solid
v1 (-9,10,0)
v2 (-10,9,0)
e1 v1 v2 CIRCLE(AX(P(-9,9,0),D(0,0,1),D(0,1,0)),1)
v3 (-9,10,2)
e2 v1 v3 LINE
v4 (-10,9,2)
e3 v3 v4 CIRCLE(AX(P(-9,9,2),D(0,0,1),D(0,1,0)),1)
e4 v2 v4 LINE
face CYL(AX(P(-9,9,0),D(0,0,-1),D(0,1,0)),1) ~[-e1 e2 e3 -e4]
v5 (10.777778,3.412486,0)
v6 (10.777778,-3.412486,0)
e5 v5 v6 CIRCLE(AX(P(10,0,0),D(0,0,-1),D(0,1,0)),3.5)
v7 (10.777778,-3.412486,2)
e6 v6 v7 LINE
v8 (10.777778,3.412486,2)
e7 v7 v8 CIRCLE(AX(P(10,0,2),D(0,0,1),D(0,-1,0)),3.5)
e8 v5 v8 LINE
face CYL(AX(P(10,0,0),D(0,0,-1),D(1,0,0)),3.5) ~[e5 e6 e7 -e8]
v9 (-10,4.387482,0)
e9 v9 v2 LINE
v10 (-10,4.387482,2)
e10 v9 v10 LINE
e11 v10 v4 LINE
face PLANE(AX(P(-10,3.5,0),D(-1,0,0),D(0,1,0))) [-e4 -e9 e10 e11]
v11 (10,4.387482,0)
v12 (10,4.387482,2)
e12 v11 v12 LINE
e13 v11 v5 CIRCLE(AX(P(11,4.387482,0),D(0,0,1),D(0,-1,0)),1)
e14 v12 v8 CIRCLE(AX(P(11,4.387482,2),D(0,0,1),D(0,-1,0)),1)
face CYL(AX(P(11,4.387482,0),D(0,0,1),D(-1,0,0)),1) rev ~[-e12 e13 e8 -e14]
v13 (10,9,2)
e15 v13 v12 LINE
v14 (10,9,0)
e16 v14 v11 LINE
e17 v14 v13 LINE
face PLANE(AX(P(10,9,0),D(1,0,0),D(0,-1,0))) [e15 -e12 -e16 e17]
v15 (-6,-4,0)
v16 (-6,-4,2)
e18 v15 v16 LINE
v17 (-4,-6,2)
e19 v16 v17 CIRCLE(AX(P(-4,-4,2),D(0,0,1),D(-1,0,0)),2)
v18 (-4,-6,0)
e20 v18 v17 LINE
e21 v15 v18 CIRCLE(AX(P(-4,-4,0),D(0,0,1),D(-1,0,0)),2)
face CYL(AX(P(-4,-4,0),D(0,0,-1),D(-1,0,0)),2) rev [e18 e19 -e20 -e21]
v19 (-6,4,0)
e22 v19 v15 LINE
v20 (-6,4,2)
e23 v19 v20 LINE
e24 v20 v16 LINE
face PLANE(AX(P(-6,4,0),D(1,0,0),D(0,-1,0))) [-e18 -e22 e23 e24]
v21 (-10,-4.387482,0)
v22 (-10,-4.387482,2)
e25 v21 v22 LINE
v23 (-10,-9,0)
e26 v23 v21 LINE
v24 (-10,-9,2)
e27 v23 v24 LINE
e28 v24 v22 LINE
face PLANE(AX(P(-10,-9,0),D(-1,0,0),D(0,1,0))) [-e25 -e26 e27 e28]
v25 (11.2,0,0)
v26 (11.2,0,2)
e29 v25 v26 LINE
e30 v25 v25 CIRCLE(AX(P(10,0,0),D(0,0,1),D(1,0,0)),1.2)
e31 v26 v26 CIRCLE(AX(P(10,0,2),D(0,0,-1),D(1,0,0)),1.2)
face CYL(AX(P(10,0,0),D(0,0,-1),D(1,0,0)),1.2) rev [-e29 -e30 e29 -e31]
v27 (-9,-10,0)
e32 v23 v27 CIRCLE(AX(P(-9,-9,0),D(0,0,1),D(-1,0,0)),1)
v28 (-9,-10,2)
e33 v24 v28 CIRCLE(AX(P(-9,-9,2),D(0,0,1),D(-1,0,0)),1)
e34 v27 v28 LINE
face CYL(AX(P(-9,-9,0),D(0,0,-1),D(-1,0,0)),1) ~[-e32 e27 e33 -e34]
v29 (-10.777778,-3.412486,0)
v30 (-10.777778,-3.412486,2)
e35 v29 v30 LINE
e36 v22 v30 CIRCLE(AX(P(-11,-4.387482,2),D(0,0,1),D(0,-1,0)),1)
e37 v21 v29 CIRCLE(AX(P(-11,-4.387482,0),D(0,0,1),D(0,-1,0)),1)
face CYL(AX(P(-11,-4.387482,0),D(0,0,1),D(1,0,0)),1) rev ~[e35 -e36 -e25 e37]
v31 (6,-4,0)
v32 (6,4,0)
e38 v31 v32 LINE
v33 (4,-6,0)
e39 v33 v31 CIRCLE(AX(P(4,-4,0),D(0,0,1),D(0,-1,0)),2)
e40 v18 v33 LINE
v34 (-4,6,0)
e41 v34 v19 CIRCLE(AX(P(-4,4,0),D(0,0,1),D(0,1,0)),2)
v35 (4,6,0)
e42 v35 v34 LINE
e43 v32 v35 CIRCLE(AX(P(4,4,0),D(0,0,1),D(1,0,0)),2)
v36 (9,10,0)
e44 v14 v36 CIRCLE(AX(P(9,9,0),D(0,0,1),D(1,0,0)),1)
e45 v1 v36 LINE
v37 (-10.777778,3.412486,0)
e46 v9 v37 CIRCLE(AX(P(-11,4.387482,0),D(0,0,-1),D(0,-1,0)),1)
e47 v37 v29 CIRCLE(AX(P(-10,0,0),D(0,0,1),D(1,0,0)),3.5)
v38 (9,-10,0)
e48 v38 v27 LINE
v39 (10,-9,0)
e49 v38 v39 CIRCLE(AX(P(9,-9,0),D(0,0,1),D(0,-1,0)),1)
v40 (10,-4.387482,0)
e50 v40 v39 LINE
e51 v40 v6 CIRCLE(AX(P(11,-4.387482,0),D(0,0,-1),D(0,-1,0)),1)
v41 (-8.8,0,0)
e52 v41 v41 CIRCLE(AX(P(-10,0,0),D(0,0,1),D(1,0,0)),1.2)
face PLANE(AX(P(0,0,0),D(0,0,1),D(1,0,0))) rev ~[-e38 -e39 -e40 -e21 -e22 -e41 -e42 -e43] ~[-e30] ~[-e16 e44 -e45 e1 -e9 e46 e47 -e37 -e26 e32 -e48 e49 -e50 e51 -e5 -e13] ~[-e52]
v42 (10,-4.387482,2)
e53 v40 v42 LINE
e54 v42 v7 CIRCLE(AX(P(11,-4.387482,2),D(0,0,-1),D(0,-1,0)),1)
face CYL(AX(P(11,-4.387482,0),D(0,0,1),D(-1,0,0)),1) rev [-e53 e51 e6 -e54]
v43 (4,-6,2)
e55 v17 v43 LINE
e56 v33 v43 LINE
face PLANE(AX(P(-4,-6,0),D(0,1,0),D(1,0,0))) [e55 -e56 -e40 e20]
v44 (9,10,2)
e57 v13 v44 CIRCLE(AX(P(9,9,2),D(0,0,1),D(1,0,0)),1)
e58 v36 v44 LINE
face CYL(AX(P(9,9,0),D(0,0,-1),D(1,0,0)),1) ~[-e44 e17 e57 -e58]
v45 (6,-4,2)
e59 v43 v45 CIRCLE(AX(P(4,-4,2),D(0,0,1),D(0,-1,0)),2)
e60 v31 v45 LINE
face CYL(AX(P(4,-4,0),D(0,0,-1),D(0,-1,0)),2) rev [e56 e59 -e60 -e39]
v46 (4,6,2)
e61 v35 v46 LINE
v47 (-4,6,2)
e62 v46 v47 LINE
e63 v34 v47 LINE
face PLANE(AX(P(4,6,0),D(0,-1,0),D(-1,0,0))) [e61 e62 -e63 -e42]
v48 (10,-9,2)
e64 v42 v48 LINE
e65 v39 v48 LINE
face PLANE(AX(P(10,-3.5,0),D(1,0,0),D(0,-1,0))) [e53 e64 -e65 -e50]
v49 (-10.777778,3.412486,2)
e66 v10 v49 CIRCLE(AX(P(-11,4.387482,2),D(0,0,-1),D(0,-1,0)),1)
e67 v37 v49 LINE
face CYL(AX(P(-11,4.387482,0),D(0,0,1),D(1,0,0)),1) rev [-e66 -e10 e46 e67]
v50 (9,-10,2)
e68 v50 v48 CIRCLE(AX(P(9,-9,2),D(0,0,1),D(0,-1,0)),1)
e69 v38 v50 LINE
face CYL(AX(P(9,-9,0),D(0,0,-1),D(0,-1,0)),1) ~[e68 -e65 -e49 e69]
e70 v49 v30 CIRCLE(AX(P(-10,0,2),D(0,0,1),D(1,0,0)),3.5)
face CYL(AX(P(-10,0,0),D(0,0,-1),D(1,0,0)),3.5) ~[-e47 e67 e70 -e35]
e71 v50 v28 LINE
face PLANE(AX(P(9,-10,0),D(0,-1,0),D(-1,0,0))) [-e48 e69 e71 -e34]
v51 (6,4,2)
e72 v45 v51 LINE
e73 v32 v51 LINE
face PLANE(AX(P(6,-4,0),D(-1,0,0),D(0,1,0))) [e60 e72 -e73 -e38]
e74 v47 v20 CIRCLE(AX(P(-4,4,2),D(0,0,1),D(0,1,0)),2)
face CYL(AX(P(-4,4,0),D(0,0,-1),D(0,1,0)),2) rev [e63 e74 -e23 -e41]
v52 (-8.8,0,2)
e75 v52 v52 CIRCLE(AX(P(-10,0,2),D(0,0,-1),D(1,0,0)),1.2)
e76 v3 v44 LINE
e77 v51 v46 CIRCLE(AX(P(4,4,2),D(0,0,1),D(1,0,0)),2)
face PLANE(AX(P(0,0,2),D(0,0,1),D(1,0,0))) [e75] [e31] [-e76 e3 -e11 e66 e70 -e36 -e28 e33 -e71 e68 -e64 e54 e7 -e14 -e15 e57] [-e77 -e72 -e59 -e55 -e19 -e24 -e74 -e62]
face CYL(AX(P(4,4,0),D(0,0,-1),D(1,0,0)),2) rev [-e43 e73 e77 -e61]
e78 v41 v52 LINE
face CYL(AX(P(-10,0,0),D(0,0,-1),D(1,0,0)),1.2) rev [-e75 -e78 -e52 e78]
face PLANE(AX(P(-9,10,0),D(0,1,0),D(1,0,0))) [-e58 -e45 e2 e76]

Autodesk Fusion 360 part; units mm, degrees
sketch "Sketch1" plane through (0, 0, 0) normal (0, 0, 1) x (1, 0, 0)
  line L0 (4, 6) -> (-4, 6)
  line L1 (-6, 4) -> (-6, -4)
  line L2 (-4, -6) -> (4, -6)
  line L3 (6, -4) -> (6, 4)
  line L4 (6, 6) -> (-6, -6) construction
  line L5 (-6, 6) -> (6, -6) construction
  line L6 (9, -10) -> (-9, -10)
  line L7 (-10, -9) -> (-10, 9)
  line L8 (-9, 10) -> (9, 10)
  line L9 (10, 9) -> (10, -9)
  line L10 (10, -10) -> (-10, 10) construction
  line L11 (-10, -10) -> (10, 10) construction
  circle A0 centre (10, 0) radius 1.2
  circle A1 centre (-10, 0) radius 1.2
  circle A2 centre (10, 0) radius 3.5
  circle A3 centre (-10, 0) radius 3.5
  arc A4 (-9, 10) -> (-10, 9) centre (-9, 9) ccw
  arc A5 (10, 9) -> (9, 10) centre (9, 9) ccw
  arc A6 (-10, -9) -> (-9, -10) centre (-9, -9) ccw
  arc A7 (9, -10) -> (10, -9) centre (9, -9) ccw
  arc A8 (-4, 6) -> (-6, 4) centre (-4, 4) ccw
  arc A9 (6, 4) -> (4, 6) centre (4, 4) ccw
  arc A10 (-6, -4) -> (-4, -6) centre (-4, -4) ccw
  arc A11 (4, -6) -> (6, -4) centre (4, -4) ccw
  dimension "d1" = 12
  dimension "d2" = 12
  dimension "d3" = 20
  dimension "d4" = 20
  dimension "d5" = 2.4
  dimension "d6" = 2.4
  dimension "d7" = 7
  dimension "d8" = 7
  dimension "d9" = 10
  dimension "d10" = 10
  dimension "d11" = 1
  dimension "d12" = 1
  dimension "d13" = 1
  dimension "d14" = 2
  dimension "d15" = 2
  dimension "d16" = 2
  dimension "d17" = 2
extrude "Extrude1" add sketch "Sketch1" along normal blind 2 contours L6 L7 L8 L9 A2 A3 A4 A5 A6 A7 | L9 A0 A2 | L9 A0 A2 | L7 A1 A3 | L7 A1 A3
fillet "Fillet1" radius 1 4 edges at (10, -3.5, 1) (10, 3.5, 1) (-10, 3.5, 1) (-10, -3.5, 1)
